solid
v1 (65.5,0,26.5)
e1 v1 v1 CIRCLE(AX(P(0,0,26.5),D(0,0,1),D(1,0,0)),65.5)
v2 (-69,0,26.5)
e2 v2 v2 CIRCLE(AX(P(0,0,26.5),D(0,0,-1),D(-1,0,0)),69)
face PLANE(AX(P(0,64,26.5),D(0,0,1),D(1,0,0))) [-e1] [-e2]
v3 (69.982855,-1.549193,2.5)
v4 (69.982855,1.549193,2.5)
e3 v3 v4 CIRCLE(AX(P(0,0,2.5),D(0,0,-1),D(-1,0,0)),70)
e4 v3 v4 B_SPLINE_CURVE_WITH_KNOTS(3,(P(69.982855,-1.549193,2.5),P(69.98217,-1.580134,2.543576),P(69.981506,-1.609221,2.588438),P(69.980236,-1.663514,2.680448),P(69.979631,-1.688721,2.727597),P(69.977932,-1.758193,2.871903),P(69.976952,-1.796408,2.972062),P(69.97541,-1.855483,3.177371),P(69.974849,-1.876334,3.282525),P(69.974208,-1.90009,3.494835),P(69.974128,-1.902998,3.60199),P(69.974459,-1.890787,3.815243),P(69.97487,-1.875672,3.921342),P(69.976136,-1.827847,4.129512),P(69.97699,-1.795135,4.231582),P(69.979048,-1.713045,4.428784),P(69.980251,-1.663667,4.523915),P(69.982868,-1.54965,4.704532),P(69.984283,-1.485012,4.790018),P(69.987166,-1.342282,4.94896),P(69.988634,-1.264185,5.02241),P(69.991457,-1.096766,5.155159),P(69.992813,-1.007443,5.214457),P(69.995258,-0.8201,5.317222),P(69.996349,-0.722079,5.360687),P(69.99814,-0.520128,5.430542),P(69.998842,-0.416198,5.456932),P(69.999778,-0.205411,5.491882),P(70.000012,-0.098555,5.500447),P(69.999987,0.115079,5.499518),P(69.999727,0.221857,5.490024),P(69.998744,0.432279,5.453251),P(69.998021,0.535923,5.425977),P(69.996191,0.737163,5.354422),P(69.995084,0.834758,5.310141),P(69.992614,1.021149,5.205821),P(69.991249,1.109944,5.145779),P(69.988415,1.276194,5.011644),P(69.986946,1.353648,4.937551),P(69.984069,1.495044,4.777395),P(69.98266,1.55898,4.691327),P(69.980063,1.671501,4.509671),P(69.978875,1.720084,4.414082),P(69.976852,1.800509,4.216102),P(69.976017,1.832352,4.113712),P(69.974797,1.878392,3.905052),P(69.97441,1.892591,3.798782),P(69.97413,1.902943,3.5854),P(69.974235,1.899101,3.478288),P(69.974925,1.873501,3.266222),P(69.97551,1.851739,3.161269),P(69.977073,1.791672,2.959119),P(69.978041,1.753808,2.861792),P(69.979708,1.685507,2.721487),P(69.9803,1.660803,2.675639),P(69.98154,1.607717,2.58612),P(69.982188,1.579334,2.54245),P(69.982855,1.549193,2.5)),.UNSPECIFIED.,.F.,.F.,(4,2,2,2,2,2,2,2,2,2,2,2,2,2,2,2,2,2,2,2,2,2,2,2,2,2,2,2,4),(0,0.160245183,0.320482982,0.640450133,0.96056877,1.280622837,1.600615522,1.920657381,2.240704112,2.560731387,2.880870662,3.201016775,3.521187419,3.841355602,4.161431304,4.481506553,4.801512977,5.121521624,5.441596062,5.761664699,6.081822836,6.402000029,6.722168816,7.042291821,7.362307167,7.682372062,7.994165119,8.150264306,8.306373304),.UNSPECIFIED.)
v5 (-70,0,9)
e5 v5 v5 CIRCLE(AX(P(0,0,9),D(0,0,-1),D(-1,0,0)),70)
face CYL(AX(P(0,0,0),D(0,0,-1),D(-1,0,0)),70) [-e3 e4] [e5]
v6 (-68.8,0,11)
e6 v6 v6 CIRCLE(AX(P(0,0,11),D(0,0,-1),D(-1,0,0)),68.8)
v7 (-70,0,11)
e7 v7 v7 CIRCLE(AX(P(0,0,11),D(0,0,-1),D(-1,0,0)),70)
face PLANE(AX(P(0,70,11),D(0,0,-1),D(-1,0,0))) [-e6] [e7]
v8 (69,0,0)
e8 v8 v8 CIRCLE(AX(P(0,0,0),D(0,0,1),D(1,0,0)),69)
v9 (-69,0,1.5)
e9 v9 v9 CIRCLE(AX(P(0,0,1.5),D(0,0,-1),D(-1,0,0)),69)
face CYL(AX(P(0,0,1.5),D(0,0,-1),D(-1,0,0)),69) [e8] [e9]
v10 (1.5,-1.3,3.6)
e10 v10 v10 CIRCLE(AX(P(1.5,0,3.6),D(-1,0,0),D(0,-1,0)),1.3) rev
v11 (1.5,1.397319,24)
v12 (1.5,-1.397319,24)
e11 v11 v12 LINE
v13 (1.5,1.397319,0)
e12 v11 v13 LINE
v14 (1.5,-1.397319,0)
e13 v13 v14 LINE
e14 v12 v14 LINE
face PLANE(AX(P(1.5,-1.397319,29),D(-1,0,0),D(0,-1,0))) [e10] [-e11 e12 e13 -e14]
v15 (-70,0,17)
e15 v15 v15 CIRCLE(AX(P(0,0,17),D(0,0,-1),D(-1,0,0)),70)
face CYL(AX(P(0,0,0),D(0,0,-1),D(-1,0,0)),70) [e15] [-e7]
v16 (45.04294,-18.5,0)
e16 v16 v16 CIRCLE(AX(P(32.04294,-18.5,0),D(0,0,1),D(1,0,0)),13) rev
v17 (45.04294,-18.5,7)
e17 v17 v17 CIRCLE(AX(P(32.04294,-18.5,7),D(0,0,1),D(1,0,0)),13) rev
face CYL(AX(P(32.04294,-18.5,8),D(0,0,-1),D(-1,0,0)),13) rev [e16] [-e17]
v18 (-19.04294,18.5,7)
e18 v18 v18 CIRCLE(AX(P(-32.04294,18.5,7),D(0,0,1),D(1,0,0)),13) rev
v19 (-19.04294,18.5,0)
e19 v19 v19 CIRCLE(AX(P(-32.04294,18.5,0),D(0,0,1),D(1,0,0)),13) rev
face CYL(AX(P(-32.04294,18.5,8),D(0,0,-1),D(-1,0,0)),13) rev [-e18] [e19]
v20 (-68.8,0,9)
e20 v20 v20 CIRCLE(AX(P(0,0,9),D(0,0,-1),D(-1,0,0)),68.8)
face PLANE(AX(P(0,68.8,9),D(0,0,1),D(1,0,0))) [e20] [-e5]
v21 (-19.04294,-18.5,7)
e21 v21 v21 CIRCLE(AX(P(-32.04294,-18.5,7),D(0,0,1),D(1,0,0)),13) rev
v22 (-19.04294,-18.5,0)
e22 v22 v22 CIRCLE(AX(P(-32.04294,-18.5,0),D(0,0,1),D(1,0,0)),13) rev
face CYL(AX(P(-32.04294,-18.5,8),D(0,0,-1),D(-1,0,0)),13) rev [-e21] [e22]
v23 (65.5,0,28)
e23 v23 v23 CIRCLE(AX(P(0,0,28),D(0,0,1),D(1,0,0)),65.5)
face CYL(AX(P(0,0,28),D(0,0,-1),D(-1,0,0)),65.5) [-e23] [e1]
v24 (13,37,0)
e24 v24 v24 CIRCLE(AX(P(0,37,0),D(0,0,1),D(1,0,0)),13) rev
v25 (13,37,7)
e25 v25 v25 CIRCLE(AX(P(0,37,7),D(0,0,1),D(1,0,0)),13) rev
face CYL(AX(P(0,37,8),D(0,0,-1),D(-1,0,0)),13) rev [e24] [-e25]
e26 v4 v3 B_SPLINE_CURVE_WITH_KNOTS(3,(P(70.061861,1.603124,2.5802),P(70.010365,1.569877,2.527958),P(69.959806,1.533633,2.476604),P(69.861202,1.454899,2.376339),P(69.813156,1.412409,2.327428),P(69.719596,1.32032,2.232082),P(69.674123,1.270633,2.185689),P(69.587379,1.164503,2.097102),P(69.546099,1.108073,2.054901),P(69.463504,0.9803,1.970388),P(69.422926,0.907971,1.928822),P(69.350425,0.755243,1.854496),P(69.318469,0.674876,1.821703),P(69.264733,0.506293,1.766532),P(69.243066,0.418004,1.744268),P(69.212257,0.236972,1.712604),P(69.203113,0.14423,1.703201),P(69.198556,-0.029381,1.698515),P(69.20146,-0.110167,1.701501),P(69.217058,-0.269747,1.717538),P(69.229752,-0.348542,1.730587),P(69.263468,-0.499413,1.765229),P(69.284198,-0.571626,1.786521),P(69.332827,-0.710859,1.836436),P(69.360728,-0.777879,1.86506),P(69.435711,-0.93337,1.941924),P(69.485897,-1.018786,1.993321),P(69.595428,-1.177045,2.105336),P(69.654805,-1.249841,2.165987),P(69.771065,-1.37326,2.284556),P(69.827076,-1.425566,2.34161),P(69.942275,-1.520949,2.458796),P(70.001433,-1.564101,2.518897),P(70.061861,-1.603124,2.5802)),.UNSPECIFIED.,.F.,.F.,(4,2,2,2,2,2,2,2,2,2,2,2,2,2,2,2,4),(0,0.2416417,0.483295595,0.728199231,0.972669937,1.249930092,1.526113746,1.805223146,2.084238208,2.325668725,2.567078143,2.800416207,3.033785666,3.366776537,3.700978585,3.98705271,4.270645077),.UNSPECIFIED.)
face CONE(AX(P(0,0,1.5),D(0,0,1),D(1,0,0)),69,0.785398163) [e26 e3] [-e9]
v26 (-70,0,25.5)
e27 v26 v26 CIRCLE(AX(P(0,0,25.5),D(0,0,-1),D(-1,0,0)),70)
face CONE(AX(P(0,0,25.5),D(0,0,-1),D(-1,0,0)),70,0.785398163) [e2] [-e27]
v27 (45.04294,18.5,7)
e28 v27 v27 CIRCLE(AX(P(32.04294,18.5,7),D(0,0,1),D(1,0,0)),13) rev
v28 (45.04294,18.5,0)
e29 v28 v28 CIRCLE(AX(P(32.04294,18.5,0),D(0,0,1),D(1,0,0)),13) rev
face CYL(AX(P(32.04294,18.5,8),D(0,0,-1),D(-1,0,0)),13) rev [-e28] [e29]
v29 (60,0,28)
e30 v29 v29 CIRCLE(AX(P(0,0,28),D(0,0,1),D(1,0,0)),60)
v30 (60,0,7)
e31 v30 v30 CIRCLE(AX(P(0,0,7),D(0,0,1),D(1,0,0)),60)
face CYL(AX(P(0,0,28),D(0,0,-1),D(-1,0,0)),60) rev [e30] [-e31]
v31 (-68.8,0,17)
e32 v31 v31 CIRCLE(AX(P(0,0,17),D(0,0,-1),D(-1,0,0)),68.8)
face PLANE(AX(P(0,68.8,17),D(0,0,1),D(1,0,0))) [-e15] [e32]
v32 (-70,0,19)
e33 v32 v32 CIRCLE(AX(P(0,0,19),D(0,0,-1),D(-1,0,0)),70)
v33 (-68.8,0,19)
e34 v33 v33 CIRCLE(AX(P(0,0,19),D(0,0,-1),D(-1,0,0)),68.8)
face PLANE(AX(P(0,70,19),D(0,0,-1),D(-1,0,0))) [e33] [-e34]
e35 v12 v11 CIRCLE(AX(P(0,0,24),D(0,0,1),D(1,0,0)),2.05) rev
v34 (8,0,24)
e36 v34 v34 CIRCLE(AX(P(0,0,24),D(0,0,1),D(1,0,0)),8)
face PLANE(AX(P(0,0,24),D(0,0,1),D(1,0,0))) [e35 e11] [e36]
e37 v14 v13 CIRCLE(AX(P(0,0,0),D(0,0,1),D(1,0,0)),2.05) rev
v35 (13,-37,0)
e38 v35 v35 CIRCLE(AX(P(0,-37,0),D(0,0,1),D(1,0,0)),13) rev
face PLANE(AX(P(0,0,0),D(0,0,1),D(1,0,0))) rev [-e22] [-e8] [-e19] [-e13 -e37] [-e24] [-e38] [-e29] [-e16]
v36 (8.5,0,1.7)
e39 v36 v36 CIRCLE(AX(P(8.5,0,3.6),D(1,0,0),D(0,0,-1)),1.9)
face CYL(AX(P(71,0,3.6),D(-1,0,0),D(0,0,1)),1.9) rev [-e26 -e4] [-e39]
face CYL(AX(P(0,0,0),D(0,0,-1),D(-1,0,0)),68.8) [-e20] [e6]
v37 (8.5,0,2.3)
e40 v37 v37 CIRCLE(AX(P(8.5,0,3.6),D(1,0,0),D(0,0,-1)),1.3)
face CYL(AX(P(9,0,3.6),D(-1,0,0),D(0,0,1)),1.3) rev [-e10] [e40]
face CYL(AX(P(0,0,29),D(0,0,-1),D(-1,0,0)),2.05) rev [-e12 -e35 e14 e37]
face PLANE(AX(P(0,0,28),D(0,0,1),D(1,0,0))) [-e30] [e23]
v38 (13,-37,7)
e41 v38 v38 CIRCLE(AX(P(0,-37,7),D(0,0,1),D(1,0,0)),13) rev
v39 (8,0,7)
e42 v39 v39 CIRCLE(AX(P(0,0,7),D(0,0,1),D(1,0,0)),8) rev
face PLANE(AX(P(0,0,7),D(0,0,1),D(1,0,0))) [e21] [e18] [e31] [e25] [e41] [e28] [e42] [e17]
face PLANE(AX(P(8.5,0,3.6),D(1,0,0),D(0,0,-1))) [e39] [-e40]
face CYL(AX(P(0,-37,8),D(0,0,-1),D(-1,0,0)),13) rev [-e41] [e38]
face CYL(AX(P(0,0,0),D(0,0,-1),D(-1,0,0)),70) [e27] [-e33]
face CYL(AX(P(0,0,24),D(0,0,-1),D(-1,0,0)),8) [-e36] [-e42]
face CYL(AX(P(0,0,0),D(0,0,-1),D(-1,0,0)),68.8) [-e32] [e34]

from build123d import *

# Parameters (mm, degrees)
SKETCH1_R              = 64
SKETCH1_R_2            = 60
RIM_DEPTH              = 28
SKETCH2_R              = 65.5
SKETCH2_R_2            = 63
INNER_BEAD_LIP_DEPTH   = 1.5
SKETCH3_R              = 65.5
SKETCH3_R_2            = 63
OUTER_BEAD_LIP_DEPTH   = 1.5
SKETCH4_R              = 61
WEB_DEPTH              = 7
SKETCH5_R              = 8
HUB_BOSS_DEPTH         = 24
SKETCH6_R              = 13
LIGHTENING_HOLES_DEPTH = 9
D_BORE_4MM_DEPTH       = 30
SKETCH9_R              = 69
SKETCH9_R_2            = 64
BED_RING_DEPTH         = 1.5
SKETCH10_R             = 1.3
GRUB_SCREW_M3_DEPTH    = 9
SKETCH11_R             = 1.9
GRUB_KEY_ACCESS_DEPTH  = 62.5


with BuildPart() as part:
    # Sketch1 → Rim (new body)
    with BuildSketch(Plane.XY):
        Circle(SKETCH1_R)
        Circle(SKETCH1_R_2, mode=Mode.SUBTRACT)
    extrude(amount=RIM_DEPTH)

    # Sketch2 → Inner_bead_lip (add)
    with BuildSketch(Plane.XY):
        Circle(SKETCH2_R)
        Circle(SKETCH2_R_2, mode=Mode.SUBTRACT)
    extrude(amount=INNER_BEAD_LIP_DEPTH)

    # Sketch3 → Outer_bead_lip (add)
    with BuildSketch(Plane.XY.offset(26.5)):
        Circle(SKETCH3_R)
        Circle(SKETCH3_R_2, mode=Mode.SUBTRACT)
    extrude(amount=OUTER_BEAD_LIP_DEPTH)

    # Sketch4 → Web (add)
    with BuildSketch(Plane.XY):
        Circle(SKETCH4_R)
    extrude(amount=WEB_DEPTH)

    # Sketch5 → Hub_boss (add)
    with BuildSketch(Plane.XY):
        Circle(SKETCH5_R)
    extrude(amount=HUB_BOSS_DEPTH)

    # Sketch6 → Lightening_holes (cut)
    with BuildSketch(Plane.XY.offset(-1)):
        with Locations((32.04293994, 18.5)):
            Circle(SKETCH6_R)
        with Locations((0, 37)):
            Circle(SKETCH6_R)
        with Locations((-32.04293994, 18.5)):
            Circle(SKETCH6_R)
        with Locations((-32.04293994, -18.5)):
            Circle(SKETCH6_R)
        with Locations((0, -37)):
            Circle(SKETCH6_R)
        with Locations((32.04293994, -18.5)):
            Circle(SKETCH6_R)
    extrude(amount=LIGHTENING_HOLES_DEPTH, mode=Mode.SUBTRACT)

    # Sketch7 → D_bore_4mm (cut)
    with BuildSketch(Plane.XY.offset(-1)):
        with BuildLine():
            Line((1.5, -1.397318861), (1.5, 1.397318861))
            ThreePointArc((1.5, 1.397318861), (-2.05, 0), (1.5, -1.397318861))
        make_face()
    extrude(amount=D_BORE_4MM_DEPTH, mode=Mode.SUBTRACT)

    # Sketch8 → Tyre (revolve)
    with BuildSketch(Plane(origin=(0, 0, 0), x_dir=(0, 0, -1), z_dir=(1, 0, 0)), mode=Mode.PRIVATE) as tyre_sk:
        Polygon((-1.5, 64), (-26.5, 64), (-26.5, 69), (-25.5, 70), (-19, 70), (-19, 68.8), (-17, 68.8), (-17, 70), (-11, 70), (-11, 68.8), (-9, 68.8), (-9, 70), (-2.5, 70), (-1.5, 69), align=None)
    revolve(tyre_sk.sketch.rotate(Axis((0, 0, 0), (0, 0, 1)), 90), axis=Axis((0, 0, 0), (0, 0, 1)))

    # Sketch9 → Bed_ring (add)
    with BuildSketch(Plane.XY):
        with Locations(Location((0, 0, 0), (0, 0, 180))):
            Circle(SKETCH9_R)
        Circle(SKETCH9_R_2, mode=Mode.SUBTRACT)
    extrude(amount=BED_RING_DEPTH)

    # Sketch10 → Grub_screw_M3 (cut)
    with BuildSketch(Plane(origin=(0, 0, 0), x_dir=(0, 0, -1), z_dir=(1, 0, 0))):
        with Locations(Location((-3.6, 0, 0), (0, 0, 270))):
            Circle(SKETCH10_R)
    extrude(amount=GRUB_SCREW_M3_DEPTH, mode=Mode.SUBTRACT)

    # Sketch11 → Grub_key_access (cut)
    with BuildSketch(Plane(origin=(8.5, 0, 0), x_dir=(0, 0, -1), z_dir=(1, 0, 0))):
        with Locations(Location((-3.6, 0, 0), (0, 0, 54.623459848))):
            Circle(SKETCH11_R)
    extrude(amount=GRUB_KEY_ACCESS_DEPTH, mode=Mode.SUBTRACT)


solid = part.part
